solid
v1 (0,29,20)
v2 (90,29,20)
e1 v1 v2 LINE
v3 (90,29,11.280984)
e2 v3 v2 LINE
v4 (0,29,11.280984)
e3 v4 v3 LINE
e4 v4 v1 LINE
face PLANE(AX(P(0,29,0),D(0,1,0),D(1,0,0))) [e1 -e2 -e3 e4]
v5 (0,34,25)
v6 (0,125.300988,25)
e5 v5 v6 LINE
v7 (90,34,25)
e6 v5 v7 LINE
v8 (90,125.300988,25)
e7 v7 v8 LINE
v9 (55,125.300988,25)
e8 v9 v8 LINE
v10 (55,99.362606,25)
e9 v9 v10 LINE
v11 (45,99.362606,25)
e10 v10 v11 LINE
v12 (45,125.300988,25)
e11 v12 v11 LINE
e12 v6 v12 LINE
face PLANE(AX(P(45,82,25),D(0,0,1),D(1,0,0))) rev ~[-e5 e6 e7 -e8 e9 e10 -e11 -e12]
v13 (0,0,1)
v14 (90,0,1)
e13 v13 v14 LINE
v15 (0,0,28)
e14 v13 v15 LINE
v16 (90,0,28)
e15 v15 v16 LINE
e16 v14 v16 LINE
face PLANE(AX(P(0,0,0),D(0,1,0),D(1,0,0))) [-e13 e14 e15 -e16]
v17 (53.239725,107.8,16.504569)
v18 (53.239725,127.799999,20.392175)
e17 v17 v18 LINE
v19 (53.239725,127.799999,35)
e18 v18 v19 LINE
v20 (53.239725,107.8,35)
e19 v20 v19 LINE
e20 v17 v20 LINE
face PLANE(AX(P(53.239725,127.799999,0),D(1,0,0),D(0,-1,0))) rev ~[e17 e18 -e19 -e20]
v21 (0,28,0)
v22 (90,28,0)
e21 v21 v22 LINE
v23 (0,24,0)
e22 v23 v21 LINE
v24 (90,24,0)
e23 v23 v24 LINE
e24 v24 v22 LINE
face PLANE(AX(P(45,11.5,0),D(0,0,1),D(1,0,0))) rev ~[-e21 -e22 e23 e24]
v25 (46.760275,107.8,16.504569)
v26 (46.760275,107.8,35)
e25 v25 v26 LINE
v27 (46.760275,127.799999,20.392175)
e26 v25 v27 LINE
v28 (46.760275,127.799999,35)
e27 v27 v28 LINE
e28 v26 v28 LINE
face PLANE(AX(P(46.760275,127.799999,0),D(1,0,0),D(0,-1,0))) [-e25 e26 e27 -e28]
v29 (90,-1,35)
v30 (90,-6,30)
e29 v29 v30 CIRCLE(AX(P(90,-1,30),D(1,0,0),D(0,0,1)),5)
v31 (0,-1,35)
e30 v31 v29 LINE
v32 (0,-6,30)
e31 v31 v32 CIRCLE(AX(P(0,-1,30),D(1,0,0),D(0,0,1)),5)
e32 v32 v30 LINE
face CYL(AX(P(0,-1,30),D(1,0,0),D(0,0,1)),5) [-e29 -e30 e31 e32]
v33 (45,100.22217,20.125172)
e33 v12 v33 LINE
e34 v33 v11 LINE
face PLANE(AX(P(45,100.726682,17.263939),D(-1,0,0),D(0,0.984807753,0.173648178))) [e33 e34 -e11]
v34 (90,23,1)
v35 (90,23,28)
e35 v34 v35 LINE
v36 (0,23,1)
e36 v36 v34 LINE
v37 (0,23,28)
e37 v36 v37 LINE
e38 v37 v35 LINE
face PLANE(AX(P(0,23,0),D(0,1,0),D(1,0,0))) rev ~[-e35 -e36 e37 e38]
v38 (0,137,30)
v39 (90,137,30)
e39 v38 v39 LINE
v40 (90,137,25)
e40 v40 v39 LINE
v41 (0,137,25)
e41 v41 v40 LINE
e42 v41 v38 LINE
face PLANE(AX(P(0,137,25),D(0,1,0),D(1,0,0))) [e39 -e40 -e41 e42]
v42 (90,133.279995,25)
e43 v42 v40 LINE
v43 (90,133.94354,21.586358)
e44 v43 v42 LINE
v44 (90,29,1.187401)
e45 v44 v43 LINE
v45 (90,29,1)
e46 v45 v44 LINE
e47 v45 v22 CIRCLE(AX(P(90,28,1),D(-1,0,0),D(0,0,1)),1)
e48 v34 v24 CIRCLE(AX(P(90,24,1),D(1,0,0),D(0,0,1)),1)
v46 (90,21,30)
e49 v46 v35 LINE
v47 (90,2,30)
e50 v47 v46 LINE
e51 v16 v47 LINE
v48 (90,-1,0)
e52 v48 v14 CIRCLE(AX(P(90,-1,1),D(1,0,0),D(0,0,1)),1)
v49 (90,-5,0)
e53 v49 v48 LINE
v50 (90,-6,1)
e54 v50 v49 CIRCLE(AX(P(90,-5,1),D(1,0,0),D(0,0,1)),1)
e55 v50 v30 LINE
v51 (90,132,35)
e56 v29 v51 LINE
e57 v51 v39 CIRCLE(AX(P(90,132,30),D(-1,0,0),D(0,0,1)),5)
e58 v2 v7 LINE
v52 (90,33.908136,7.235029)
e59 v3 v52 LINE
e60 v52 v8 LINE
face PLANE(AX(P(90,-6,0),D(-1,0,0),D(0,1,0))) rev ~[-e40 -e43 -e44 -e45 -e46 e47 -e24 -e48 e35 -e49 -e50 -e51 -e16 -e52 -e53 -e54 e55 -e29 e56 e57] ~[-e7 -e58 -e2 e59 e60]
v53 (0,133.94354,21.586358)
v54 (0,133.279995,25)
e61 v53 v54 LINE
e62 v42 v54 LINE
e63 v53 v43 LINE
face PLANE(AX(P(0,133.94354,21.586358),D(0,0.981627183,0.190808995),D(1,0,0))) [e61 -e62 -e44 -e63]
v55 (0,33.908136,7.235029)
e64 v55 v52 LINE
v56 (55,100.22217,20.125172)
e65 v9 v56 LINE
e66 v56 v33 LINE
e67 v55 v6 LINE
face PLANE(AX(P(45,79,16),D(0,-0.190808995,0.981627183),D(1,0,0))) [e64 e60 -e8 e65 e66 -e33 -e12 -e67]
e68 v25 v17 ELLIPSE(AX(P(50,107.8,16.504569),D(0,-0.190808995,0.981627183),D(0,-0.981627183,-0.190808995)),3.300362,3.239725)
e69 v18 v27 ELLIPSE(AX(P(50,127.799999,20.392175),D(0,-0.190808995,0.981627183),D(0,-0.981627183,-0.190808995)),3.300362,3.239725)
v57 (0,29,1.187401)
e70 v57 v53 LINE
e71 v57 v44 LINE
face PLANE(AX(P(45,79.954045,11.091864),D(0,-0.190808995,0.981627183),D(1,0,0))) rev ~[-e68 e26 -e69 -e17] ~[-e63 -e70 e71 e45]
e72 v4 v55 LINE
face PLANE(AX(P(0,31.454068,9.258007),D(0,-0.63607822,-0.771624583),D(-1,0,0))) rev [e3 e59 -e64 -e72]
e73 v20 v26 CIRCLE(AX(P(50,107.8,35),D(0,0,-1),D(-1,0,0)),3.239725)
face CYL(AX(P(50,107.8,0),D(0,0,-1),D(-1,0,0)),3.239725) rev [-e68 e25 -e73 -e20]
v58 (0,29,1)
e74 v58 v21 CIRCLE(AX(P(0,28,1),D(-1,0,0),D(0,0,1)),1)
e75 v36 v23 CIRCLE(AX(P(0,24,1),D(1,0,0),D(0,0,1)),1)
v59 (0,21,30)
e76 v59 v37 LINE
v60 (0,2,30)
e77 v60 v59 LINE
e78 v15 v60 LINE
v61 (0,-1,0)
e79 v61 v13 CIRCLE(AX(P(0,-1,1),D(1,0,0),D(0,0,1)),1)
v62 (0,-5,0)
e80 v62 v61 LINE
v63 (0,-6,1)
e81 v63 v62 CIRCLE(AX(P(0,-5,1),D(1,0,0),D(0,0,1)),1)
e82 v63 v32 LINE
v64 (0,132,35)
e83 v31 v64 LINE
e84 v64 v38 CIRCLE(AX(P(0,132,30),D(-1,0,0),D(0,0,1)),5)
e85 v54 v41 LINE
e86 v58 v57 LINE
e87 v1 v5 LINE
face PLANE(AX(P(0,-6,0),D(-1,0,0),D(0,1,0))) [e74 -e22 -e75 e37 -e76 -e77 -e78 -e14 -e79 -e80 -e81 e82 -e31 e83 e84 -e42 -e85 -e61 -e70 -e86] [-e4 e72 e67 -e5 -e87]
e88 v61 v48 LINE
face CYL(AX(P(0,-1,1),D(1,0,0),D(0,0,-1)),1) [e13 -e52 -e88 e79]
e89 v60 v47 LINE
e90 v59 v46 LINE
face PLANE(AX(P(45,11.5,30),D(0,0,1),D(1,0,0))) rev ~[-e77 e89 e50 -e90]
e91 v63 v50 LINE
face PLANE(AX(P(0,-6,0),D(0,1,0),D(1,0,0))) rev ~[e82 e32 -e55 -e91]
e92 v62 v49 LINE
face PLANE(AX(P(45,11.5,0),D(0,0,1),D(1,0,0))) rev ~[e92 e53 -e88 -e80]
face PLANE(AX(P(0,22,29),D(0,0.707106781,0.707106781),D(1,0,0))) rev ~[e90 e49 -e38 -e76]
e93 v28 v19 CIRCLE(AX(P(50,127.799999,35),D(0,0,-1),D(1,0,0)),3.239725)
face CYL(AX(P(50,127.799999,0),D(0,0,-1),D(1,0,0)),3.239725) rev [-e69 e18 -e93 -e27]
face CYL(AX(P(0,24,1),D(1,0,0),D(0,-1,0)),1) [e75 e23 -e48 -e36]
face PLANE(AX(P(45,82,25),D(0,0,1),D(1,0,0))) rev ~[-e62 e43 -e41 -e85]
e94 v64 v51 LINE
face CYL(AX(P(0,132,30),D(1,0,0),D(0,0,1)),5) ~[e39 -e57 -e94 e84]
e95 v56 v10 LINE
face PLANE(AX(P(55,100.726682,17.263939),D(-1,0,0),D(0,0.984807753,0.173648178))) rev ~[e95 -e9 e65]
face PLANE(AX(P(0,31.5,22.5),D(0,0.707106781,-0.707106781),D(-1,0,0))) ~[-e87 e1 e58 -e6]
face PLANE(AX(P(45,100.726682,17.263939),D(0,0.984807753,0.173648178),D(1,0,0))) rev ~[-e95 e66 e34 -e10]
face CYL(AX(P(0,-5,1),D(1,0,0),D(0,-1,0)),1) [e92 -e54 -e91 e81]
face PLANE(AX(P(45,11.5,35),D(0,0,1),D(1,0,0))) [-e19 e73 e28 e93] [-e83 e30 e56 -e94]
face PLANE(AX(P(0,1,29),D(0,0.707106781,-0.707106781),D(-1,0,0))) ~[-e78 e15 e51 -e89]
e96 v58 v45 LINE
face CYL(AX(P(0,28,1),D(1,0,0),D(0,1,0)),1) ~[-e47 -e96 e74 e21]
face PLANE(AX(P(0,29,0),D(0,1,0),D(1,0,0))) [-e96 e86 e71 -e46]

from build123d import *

# Parameters (mm, degrees)
EXTRUDE_DEPTH     = 40
BOX004_W          = 10
BOX004_H          = 33
BOX004_DEPTH      = 11
BOX004_ROLL_ANGLE = 10
BOX_W             = 90
BOX_H             = 23
BOX_DEPTH         = 30
BOX002_W          = 90
BOX002_H          = 110
BOX002_DEPTH      = 10
BOX003_W          = 90
BOX003_H          = 110
BOX003_DEPTH      = 5
BOX003_ROLL_ANGLE = 11
BOX001_W          = 90
BOX001_H          = 35
BOX001_DEPTH      = 35
CHAMFER_SIZE      = 5
FILLET_R          = 5
FILLET001_R       = 5
FILLET002_R       = 1
CHAMFER001_SIZE   = 2


with BuildPart() as extrude_body:
    # Sketch → Extrude (new body)
    with BuildSketch(Plane.XY):
        with BuildLine():
            ThreePointArc((3.239725, 4.799999), (0, 8.039724), (-3.239725, 4.799999))
            Line((-3.239725, 4.799999), (-3.239725, -15.2))
            ThreePointArc((-3.239725, -15.2), (0, -18.439725), (3.239725, -15.2))
            Line((3.239725, 4.799999), (3.239725, -15.2))
        make_face()
    extrude(amount=EXTRUDE_DEPTH)


with BuildPart() as extrude_body_1:
    # Extrude placement: moved
    add(extrude_body.part.moved(Location((50, 123, 0))))


with BuildPart() as cubo:
    # Box004 → Box004 (new body)
    with BuildSketch(Plane.XY):
        with Locations((5, 16.5)):
            Rectangle(BOX004_W, BOX004_H)
    extrude(amount=BOX004_DEPTH)


with BuildPart() as cubo_1:
    # Box004 roll: moved
    add(cubo.part.rotate(Axis((0, 0, 0), (1, 0, 0)), BOX004_ROLL_ANGLE))


with BuildPart() as cubo_2:
    # Box004 placement: moved
    add(cubo_1.part.moved(Location((45, 100.726682, 17.263939))))


with BuildPart() as cabecero:
    # Box → Box (new body)
    with BuildSketch(Plane.XY):
        with Locations((45, 11.5)):
            Rectangle(BOX_W, BOX_H)
    extrude(amount=BOX_DEPTH)


with BuildPart() as soporte_superior:
    # Box002 → Box002 (new body)
    with BuildSketch(Plane(origin=(0, 27, 25), x_dir=(1, 0, 0), z_dir=(0, 0, 1))):
        with Locations((45, 55)):
            Rectangle(BOX002_W, BOX002_H)
    extrude(amount=BOX002_DEPTH)


with BuildPart() as soporte_superior001:
    # Box003 → Box003 (new body)
    with BuildSketch(Plane.XY):
        with Locations((45, 55)):
            Rectangle(BOX003_W, BOX003_H)
    extrude(amount=BOX003_DEPTH)


with BuildPart() as soporte_superior001_1:
    # Box003 roll: moved
    add(soporte_superior001.part.rotate(Axis((0, 0, 0), (1, 0, 0)), BOX003_ROLL_ANGLE))


with BuildPart() as soporte_superior001_2:
    # Box003 placement: moved
    add(soporte_superior001_1.part.moved(Location((0, 25.96455, 0.597369))))


with BuildPart() as soporte_proyector:
    # Box001 → Box001 (new body)
    with BuildSketch(Plane(origin=(0, -6, 0), x_dir=(1, 0, 0), z_dir=(0, 0, 1))):
        with Locations((45, 17.5)):
            Rectangle(BOX001_W, BOX001_H)
    extrude(amount=BOX001_DEPTH)

    # Fusion: union soporte superior, soporte superior001
    add(soporte_superior.part)
    add(soporte_superior001_2.part)

    # Cut: cut cabecero
    add(cabecero.part, mode=Mode.SUBTRACT)

    # Chamfer
    chamfer_edges = [soporte_proyector.edges().sort_by_distance(p)[0] for p in [
        (45, 29, 25),
        (45, 29, 6.280985),
    ]]
    chamfer(chamfer_edges, length=CHAMFER_SIZE)

    # Fillet
    fillet_edges = [soporte_proyector.edges().sort_by_distance(p)[0] for p in [
        (45, -6, 35),
    ]]
    fillet(fillet_edges, radius=FILLET_R)

    # Fillet001
    fillet001_edges = [soporte_proyector.edges().sort_by_distance(p)[0] for p in [
        (45, 137, 35),
    ]]
    fillet(fillet001_edges, radius=FILLET001_R)

    # Fillet002
    fillet002_edges = [soporte_proyector.edges().sort_by_distance(p)[0] for p in [
        (45, -6, 0),
        (45, 0, 0),
        (45, 29, 0),
        (45, 23, 0),
    ]]
    fillet(fillet002_edges, radius=FILLET002_R)

    # Chamfer001
    chamfer001_edges = [soporte_proyector.edges().sort_by_distance(p)[0] for p in [
        (45, 0, 30),
        (45, 23, 30),
    ]]
    chamfer(chamfer001_edges, length=CHAMFER001_SIZE)

    # Fusion001: union Cubo
    add(cubo_2.part)

    # Cut001: cut Extrude body
    add(extrude_body_1.part, mode=Mode.SUBTRACT)


solid = soporte_proyector.part
